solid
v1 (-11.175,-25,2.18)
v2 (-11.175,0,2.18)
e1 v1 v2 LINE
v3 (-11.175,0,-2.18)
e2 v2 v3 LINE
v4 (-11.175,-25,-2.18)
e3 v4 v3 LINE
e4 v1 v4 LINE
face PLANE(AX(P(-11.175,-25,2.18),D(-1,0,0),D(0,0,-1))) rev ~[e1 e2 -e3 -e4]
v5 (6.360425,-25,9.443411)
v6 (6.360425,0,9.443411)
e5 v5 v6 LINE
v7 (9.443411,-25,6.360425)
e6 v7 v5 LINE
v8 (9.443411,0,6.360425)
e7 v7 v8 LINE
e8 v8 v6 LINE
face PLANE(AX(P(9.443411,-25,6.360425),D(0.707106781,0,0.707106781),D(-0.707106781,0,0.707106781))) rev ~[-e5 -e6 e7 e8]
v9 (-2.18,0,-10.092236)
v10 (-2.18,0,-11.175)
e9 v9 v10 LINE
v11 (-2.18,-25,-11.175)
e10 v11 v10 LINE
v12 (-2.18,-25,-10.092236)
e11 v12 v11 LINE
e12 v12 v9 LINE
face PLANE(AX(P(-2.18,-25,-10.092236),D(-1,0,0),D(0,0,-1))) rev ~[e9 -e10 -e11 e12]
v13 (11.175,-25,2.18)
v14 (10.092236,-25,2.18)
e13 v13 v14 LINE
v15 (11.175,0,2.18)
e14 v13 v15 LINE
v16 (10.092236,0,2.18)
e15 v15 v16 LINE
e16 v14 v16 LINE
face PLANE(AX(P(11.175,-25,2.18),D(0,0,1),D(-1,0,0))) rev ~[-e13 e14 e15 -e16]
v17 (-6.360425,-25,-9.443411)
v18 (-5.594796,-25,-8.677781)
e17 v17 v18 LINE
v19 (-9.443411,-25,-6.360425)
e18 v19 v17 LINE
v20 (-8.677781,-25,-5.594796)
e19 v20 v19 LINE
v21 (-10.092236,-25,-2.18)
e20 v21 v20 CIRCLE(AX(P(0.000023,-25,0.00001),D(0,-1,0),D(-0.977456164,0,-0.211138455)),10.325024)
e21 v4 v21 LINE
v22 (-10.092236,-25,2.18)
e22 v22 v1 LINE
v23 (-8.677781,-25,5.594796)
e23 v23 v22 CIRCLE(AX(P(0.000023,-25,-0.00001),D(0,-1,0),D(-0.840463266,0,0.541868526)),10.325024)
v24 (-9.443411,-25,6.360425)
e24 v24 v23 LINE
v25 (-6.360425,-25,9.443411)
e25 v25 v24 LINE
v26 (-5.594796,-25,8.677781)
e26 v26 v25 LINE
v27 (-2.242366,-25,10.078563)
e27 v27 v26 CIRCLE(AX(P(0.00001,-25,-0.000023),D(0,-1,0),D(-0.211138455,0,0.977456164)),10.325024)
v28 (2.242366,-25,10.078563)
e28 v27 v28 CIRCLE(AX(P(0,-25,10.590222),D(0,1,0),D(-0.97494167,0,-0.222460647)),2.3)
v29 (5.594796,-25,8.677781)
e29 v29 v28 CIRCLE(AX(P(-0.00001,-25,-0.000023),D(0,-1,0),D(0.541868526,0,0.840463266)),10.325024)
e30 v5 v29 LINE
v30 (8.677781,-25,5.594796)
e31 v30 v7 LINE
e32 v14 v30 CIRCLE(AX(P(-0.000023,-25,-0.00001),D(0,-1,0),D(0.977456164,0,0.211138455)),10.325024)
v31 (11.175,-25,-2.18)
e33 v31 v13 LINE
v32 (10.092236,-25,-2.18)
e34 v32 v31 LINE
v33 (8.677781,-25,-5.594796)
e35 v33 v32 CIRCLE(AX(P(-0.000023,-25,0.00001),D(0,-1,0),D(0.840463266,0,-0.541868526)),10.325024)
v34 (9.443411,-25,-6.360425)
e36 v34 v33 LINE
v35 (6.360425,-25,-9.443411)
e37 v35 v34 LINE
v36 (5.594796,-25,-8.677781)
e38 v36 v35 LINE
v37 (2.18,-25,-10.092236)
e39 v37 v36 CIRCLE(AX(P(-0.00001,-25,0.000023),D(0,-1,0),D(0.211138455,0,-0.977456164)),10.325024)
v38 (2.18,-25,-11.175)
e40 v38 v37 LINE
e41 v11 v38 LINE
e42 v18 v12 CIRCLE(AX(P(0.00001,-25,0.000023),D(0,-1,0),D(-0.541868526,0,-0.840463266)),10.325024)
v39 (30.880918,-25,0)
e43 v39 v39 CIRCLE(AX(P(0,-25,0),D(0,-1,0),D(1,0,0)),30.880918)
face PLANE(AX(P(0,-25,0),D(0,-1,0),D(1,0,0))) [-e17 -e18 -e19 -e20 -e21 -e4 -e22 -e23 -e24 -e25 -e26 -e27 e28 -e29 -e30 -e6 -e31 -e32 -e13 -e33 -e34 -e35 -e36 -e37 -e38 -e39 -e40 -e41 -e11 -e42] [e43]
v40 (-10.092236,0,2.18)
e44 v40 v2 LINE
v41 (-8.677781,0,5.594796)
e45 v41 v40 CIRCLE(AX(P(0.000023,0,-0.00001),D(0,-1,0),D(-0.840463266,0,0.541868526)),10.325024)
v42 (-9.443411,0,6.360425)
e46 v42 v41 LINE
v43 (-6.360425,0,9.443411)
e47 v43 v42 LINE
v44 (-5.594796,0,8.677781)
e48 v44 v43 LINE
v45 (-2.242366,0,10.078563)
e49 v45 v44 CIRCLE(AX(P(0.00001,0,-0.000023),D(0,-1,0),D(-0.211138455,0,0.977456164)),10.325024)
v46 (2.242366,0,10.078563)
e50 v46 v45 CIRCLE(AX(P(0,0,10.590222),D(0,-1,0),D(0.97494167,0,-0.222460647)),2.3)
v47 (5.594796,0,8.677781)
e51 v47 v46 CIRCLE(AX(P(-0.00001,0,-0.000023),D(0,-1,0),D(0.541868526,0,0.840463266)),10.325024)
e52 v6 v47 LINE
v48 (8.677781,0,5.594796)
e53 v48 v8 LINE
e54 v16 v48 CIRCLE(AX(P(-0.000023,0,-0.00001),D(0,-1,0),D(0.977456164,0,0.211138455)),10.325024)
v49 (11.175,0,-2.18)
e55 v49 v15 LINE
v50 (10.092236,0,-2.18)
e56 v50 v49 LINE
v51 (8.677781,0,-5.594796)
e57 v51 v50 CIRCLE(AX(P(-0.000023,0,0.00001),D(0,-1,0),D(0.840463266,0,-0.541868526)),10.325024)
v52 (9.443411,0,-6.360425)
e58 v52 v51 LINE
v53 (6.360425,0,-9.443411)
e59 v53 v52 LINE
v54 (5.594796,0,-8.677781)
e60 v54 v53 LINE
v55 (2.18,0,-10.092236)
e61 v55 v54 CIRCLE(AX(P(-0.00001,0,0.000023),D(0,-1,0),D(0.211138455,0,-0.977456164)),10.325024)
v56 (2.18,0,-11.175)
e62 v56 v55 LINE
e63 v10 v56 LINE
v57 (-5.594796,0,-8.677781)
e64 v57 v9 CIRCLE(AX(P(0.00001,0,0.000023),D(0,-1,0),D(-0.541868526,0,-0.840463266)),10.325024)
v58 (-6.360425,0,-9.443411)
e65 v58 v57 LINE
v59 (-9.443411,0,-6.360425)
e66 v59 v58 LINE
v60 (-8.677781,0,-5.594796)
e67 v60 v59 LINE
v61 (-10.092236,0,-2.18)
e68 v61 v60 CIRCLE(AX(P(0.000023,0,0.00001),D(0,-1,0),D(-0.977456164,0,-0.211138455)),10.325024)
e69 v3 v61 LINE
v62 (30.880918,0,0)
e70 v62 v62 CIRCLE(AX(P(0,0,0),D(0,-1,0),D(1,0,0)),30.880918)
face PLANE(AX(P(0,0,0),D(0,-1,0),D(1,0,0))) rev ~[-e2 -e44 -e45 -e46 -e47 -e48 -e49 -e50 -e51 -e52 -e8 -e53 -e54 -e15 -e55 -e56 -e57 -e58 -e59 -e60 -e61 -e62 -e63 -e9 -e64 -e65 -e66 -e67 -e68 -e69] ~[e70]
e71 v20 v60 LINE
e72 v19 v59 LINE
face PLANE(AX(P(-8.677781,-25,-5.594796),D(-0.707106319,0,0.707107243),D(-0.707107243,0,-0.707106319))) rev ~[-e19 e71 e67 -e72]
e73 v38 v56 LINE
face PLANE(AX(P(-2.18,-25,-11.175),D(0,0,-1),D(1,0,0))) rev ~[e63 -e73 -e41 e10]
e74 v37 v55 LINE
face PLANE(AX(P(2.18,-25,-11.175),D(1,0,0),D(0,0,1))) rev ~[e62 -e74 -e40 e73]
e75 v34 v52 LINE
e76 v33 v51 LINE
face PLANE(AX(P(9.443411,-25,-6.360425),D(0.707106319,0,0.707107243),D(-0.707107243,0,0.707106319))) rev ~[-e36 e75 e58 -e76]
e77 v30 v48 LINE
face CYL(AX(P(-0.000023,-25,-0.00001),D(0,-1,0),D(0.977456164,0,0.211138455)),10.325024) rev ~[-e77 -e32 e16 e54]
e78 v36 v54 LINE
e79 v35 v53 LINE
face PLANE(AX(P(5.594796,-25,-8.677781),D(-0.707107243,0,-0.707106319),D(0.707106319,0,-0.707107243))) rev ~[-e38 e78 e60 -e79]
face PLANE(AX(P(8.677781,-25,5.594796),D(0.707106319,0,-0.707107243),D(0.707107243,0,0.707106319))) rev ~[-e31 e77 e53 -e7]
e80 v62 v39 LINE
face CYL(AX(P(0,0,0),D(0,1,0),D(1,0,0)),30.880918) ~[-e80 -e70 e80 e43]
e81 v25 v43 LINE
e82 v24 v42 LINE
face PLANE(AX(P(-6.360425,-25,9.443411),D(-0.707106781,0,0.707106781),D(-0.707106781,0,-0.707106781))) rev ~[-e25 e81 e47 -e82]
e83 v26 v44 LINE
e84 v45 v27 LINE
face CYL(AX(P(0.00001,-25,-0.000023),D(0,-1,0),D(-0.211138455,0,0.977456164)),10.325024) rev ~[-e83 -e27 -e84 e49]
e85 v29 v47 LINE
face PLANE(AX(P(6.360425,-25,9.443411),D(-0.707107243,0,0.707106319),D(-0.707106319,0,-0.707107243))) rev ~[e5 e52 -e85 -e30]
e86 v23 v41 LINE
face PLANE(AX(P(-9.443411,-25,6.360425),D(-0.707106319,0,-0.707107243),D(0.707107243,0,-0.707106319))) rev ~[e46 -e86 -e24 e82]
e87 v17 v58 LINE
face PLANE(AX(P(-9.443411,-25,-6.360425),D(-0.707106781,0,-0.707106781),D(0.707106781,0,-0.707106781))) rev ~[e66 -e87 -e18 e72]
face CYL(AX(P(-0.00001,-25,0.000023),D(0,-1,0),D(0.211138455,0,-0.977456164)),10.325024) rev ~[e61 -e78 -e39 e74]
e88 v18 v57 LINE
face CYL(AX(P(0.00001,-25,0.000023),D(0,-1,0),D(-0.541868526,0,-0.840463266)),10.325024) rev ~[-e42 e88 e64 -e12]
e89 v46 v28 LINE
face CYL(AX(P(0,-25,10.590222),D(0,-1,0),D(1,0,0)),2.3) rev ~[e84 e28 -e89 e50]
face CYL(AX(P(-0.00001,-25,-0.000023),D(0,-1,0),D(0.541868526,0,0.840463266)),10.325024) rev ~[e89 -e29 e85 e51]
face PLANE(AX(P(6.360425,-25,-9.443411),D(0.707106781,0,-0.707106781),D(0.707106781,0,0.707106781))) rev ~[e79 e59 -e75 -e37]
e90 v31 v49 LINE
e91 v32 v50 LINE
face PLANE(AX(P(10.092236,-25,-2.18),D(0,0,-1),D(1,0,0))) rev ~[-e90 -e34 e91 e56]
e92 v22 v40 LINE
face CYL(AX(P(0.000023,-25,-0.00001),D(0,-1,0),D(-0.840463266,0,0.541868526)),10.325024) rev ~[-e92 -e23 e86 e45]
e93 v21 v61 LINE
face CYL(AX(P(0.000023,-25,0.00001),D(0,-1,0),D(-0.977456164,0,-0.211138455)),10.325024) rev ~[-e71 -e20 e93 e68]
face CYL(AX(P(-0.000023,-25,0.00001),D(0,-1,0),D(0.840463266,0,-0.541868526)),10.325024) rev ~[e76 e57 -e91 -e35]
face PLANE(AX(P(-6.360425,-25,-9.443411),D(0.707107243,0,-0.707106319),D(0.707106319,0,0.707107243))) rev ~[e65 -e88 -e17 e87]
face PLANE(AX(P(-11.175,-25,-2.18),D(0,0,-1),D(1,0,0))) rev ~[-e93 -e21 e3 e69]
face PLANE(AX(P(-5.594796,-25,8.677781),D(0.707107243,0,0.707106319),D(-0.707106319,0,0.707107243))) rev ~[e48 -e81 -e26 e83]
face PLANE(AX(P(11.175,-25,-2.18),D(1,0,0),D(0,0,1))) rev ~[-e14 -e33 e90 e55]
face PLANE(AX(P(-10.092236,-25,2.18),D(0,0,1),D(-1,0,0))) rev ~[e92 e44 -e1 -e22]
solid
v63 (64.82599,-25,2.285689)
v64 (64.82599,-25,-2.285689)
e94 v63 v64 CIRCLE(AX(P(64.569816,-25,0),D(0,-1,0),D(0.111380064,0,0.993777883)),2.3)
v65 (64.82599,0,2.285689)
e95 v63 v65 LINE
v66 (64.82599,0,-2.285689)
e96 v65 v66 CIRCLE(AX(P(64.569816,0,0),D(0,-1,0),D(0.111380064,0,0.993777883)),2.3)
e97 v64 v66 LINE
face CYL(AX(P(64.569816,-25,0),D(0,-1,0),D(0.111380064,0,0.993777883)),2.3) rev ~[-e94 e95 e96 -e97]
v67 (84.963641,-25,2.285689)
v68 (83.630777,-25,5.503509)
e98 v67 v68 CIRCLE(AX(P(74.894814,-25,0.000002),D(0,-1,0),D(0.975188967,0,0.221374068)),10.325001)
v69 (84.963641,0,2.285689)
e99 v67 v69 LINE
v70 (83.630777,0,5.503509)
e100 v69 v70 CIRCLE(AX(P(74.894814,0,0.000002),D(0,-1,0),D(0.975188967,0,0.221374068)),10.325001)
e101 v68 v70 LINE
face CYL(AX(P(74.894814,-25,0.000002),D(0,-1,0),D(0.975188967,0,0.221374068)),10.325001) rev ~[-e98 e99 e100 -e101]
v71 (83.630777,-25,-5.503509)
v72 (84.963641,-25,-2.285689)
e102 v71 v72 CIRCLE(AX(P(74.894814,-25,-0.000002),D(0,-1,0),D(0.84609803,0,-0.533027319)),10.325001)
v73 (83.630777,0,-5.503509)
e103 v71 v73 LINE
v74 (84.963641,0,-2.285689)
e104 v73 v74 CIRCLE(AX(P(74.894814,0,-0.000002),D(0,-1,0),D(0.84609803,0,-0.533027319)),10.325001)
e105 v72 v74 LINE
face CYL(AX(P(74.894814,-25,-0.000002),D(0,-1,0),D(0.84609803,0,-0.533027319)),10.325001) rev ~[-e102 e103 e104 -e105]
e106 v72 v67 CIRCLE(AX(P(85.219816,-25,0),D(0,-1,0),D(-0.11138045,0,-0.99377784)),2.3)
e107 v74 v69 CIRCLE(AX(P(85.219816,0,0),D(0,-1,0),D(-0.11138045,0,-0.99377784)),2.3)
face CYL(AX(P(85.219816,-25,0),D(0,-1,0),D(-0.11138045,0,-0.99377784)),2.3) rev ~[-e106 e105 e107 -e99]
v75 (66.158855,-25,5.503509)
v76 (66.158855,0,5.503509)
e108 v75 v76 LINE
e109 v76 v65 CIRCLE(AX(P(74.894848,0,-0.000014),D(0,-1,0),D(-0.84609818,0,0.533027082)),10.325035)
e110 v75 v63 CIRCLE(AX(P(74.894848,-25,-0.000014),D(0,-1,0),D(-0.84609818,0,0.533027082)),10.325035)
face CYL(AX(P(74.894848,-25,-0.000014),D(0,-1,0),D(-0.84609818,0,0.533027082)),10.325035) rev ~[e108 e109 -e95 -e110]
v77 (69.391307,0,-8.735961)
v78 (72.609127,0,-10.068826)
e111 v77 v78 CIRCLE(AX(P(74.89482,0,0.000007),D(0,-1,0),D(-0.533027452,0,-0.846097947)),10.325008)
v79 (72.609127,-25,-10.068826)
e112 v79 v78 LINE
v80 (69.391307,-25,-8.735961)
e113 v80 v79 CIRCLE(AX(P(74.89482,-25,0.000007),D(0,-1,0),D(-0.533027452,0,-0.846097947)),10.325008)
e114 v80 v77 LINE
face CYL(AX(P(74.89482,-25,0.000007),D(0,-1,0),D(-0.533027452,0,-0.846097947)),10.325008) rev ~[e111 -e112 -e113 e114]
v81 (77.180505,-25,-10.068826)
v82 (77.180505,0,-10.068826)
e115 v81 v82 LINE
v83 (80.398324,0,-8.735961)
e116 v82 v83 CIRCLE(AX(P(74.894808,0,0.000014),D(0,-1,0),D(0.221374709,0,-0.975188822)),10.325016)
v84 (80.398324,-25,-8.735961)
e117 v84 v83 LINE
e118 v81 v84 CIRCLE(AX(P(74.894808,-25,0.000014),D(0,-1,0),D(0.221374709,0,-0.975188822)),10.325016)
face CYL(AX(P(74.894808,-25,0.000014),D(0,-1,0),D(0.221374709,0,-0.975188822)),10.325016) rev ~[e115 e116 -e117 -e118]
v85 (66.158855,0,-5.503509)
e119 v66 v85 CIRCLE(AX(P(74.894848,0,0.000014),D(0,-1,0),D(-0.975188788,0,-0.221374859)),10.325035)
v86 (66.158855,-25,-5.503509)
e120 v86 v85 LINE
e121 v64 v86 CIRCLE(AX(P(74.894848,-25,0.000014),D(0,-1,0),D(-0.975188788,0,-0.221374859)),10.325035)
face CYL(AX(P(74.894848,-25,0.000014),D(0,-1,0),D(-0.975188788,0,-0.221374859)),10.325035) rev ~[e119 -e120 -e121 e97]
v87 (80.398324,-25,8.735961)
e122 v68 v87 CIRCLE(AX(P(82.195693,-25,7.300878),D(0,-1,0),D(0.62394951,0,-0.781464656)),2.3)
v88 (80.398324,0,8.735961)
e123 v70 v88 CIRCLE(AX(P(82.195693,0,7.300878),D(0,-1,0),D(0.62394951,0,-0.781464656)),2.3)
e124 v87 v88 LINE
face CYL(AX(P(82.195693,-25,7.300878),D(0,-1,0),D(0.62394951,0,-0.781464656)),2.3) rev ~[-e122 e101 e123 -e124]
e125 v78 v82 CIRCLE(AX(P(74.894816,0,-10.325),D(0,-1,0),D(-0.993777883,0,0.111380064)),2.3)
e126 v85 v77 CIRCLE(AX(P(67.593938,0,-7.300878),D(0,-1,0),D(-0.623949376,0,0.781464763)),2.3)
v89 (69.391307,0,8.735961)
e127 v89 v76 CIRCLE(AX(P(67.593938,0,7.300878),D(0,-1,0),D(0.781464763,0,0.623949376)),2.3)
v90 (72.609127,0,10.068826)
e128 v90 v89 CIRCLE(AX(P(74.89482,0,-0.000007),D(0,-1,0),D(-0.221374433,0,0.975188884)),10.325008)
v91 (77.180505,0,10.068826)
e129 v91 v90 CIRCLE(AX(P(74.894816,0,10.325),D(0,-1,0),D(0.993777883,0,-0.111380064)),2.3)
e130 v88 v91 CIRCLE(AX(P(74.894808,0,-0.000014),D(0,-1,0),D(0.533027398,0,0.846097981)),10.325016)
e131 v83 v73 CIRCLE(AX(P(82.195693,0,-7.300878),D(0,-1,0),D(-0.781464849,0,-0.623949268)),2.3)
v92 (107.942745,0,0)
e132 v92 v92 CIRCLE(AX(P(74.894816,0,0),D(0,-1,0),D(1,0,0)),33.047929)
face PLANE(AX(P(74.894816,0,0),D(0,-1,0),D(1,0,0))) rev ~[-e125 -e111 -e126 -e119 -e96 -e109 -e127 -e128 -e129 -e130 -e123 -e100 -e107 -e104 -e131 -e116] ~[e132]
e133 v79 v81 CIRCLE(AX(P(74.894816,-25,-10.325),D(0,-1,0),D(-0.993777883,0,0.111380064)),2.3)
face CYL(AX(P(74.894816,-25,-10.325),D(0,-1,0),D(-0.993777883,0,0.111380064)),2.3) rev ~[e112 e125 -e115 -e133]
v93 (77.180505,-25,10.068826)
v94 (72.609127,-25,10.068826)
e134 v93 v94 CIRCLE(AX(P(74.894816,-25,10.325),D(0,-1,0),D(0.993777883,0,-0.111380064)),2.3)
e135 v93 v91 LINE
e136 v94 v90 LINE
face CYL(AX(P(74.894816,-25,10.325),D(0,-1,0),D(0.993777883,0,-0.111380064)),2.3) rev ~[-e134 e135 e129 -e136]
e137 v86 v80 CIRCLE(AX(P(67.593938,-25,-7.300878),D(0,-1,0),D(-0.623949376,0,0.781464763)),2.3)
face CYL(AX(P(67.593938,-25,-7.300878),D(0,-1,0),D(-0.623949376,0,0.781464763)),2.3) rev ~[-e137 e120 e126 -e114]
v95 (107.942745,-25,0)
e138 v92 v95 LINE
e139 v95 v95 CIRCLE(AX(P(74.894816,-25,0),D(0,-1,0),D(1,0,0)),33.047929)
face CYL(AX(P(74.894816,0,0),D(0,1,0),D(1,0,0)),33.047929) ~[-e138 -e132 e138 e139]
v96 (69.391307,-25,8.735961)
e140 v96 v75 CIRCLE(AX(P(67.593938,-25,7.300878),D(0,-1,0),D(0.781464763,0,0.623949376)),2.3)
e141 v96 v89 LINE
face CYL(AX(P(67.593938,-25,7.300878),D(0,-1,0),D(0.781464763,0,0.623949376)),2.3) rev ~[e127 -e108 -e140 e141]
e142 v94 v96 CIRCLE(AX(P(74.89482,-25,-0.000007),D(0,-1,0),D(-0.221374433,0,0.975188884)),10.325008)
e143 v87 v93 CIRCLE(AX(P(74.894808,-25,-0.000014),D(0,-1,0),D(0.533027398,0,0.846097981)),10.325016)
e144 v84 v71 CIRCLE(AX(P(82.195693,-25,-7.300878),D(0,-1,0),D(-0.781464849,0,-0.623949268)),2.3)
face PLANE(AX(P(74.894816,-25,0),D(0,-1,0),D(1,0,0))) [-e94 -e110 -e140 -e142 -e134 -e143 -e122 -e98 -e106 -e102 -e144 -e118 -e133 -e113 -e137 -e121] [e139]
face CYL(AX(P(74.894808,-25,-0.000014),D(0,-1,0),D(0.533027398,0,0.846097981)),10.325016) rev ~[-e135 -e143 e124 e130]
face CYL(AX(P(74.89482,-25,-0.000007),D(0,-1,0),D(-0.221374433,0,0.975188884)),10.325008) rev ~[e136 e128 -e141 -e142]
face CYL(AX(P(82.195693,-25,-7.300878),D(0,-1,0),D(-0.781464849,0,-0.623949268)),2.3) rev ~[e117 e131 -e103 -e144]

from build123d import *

# Parameters (mm, degrees)
F0_R     = 30.880918
F1_DEPTH = 25
F3_DEPTH = 25
F4_R     = 2.3
F5_DEPTH = 25
F6_R     = 33.047929
F7_DEPTH = 25
F9_DEPTH = 25


with BuildPart() as f1:
    # F0 (on Front) → F1 (new body)
    with BuildSketch(Plane.XZ):
        Circle(F0_R)
    extrude(amount=F1_DEPTH)

    # F2 (on face) → F3 (cut)
    with BuildSketch(Plane.XZ.offset(25)):
        with BuildLine():
            Line((-9.443411, 6.360425), (-8.677781, 5.594796))
            ThreePointArc((-8.677781, 5.594796), (-9.539056, 3.951206), (-10.092236, 2.18))
            Line((-10.092236, 2.18), (-11.175, 2.18))
            Line((-11.175, 2.18), (-11.175, -2.18))
            Line((-11.175, -2.18), (-10.092236, -2.18))
            ThreePointArc((-10.092236, -2.18), (-9.539056, -3.951206), (-8.677781, -5.594796))
            Line((-8.677781, -5.594796), (-9.443411, -6.360425))
            Line((-9.443411, -6.360425), (-6.360425, -9.443411))
            Line((-6.360425, -9.443411), (-5.594796, -8.677781))
            ThreePointArc((-5.594796, -8.677781), (-3.951206, -9.539056), (-2.18, -10.092236))
            Line((-2.18, -10.092236), (-2.18, -11.175))
            Line((-2.18, -11.175), (2.18, -11.175))
            Line((2.18, -11.175), (2.18, -10.092236))
            ThreePointArc((2.18, -10.092236), (3.951206, -9.539056), (5.594796, -8.677781))
            Line((5.594796, -8.677781), (6.360425, -9.443411))
            Line((6.360425, -9.443411), (9.443411, -6.360425))
            Line((9.443411, -6.360425), (8.677781, -5.594796))
            ThreePointArc((8.677781, -5.594796), (9.539056, -3.951206), (10.092236, -2.18))
            Line((10.092236, -2.18), (11.175, -2.18))
            Line((11.175, -2.18), (11.175, 2.18))
            Line((11.175, 2.18), (10.092236, 2.18))
            ThreePointArc((10.092236, 2.18), (9.539056, 3.951206), (8.677781, 5.594796))
            Line((8.677781, 5.594796), (9.443411, 6.360425))
            Line((9.443411, 6.360425), (6.360425, 9.443411))
            Line((6.360425, 9.443411), (5.594796, 8.677781))
            ThreePointArc((5.594796, 8.677781), (3.951206, 9.539056), (2.18, 10.092236))
            Line((2.18, 10.092236), (2.18, 11.175))
            Line((2.18, 11.175), (-2.18, 11.175))
            Line((-2.18, 11.175), (-2.18, 10.092236))
            ThreePointArc((-2.18, 10.092236), (-3.951206, 9.539056), (-5.594796, 8.677781))
            Line((-5.594796, 8.677781), (-6.360425, 9.443411))
            Line((-6.360425, 9.443411), (-9.443411, 6.360425))
        make_face()
    extrude(amount=-F3_DEPTH, mode=Mode.SUBTRACT)

    # F4 (on face) → F5 (cut)
    with BuildSketch(Plane.XZ.offset(25)):
        with Locations((0, 10.590222)):
            Circle(F4_R)
    extrude(amount=-F5_DEPTH, mode=Mode.SUBTRACT)


with BuildPart() as f7:
    # F6 (on Front) → F7 (new body)
    with BuildSketch(Plane.XZ):
        with Locations((74.894816, 0)):
            Circle(F6_R)
    extrude(amount=F7_DEPTH)

    # F8 (on face) → F9 (cut)
    with BuildSketch(Plane.XZ.offset(25)):
        with BuildLine():
            ThreePointArc((69.391307, 8.735961), (65.967593, 8.927223), (66.158855, 5.503509))
            ThreePointArc((66.158855, 5.503509), (65.35576, 3.951206), (64.82599, 2.285689))
            ThreePointArc((64.82599, 2.285689), (62.269816, 0), (64.82599, -2.285689))
            ThreePointArc((64.82599, -2.285689), (65.35576, -3.951206), (66.158855, -5.503509))
            ThreePointArc((66.158855, -5.503509), (65.967593, -8.927223), (69.391307, -8.735961))
            ThreePointArc((69.391307, -8.735961), (70.943609, -9.539056), (72.609127, -10.068826))
            ThreePointArc((72.609127, -10.068826), (74.894816, -12.625), (77.180505, -10.068826))
            ThreePointArc((77.180505, -10.068826), (78.846022, -9.539056), (80.398324, -8.735961))
            ThreePointArc((80.398324, -8.735961), (83.822039, -8.927223), (83.630777, -5.503509))
            ThreePointArc((83.630777, -5.503509), (84.433872, -3.951206), (84.963641, -2.285689))
            ThreePointArc((84.963641, -2.285689), (87.519816, 0), (84.963641, 2.285689))
            ThreePointArc((84.963641, 2.285689), (84.433872, 3.951206), (83.630777, 5.503509))
            ThreePointArc((83.630777, 5.503509), (83.822039, 8.927223), (80.398324, 8.735961))
            ThreePointArc((80.398324, 8.735961), (78.846022, 9.539056), (77.180505, 10.068826))
            ThreePointArc((77.180505, 10.068826), (74.894816, 12.625), (72.609127, 10.068826))
            ThreePointArc((72.609127, 10.068826), (70.943609, 9.539056), (69.391307, 8.735961))
        make_face()
    extrude(amount=-F9_DEPTH, mode=Mode.SUBTRACT)


solid = Compound([f1.part, f7.part])
